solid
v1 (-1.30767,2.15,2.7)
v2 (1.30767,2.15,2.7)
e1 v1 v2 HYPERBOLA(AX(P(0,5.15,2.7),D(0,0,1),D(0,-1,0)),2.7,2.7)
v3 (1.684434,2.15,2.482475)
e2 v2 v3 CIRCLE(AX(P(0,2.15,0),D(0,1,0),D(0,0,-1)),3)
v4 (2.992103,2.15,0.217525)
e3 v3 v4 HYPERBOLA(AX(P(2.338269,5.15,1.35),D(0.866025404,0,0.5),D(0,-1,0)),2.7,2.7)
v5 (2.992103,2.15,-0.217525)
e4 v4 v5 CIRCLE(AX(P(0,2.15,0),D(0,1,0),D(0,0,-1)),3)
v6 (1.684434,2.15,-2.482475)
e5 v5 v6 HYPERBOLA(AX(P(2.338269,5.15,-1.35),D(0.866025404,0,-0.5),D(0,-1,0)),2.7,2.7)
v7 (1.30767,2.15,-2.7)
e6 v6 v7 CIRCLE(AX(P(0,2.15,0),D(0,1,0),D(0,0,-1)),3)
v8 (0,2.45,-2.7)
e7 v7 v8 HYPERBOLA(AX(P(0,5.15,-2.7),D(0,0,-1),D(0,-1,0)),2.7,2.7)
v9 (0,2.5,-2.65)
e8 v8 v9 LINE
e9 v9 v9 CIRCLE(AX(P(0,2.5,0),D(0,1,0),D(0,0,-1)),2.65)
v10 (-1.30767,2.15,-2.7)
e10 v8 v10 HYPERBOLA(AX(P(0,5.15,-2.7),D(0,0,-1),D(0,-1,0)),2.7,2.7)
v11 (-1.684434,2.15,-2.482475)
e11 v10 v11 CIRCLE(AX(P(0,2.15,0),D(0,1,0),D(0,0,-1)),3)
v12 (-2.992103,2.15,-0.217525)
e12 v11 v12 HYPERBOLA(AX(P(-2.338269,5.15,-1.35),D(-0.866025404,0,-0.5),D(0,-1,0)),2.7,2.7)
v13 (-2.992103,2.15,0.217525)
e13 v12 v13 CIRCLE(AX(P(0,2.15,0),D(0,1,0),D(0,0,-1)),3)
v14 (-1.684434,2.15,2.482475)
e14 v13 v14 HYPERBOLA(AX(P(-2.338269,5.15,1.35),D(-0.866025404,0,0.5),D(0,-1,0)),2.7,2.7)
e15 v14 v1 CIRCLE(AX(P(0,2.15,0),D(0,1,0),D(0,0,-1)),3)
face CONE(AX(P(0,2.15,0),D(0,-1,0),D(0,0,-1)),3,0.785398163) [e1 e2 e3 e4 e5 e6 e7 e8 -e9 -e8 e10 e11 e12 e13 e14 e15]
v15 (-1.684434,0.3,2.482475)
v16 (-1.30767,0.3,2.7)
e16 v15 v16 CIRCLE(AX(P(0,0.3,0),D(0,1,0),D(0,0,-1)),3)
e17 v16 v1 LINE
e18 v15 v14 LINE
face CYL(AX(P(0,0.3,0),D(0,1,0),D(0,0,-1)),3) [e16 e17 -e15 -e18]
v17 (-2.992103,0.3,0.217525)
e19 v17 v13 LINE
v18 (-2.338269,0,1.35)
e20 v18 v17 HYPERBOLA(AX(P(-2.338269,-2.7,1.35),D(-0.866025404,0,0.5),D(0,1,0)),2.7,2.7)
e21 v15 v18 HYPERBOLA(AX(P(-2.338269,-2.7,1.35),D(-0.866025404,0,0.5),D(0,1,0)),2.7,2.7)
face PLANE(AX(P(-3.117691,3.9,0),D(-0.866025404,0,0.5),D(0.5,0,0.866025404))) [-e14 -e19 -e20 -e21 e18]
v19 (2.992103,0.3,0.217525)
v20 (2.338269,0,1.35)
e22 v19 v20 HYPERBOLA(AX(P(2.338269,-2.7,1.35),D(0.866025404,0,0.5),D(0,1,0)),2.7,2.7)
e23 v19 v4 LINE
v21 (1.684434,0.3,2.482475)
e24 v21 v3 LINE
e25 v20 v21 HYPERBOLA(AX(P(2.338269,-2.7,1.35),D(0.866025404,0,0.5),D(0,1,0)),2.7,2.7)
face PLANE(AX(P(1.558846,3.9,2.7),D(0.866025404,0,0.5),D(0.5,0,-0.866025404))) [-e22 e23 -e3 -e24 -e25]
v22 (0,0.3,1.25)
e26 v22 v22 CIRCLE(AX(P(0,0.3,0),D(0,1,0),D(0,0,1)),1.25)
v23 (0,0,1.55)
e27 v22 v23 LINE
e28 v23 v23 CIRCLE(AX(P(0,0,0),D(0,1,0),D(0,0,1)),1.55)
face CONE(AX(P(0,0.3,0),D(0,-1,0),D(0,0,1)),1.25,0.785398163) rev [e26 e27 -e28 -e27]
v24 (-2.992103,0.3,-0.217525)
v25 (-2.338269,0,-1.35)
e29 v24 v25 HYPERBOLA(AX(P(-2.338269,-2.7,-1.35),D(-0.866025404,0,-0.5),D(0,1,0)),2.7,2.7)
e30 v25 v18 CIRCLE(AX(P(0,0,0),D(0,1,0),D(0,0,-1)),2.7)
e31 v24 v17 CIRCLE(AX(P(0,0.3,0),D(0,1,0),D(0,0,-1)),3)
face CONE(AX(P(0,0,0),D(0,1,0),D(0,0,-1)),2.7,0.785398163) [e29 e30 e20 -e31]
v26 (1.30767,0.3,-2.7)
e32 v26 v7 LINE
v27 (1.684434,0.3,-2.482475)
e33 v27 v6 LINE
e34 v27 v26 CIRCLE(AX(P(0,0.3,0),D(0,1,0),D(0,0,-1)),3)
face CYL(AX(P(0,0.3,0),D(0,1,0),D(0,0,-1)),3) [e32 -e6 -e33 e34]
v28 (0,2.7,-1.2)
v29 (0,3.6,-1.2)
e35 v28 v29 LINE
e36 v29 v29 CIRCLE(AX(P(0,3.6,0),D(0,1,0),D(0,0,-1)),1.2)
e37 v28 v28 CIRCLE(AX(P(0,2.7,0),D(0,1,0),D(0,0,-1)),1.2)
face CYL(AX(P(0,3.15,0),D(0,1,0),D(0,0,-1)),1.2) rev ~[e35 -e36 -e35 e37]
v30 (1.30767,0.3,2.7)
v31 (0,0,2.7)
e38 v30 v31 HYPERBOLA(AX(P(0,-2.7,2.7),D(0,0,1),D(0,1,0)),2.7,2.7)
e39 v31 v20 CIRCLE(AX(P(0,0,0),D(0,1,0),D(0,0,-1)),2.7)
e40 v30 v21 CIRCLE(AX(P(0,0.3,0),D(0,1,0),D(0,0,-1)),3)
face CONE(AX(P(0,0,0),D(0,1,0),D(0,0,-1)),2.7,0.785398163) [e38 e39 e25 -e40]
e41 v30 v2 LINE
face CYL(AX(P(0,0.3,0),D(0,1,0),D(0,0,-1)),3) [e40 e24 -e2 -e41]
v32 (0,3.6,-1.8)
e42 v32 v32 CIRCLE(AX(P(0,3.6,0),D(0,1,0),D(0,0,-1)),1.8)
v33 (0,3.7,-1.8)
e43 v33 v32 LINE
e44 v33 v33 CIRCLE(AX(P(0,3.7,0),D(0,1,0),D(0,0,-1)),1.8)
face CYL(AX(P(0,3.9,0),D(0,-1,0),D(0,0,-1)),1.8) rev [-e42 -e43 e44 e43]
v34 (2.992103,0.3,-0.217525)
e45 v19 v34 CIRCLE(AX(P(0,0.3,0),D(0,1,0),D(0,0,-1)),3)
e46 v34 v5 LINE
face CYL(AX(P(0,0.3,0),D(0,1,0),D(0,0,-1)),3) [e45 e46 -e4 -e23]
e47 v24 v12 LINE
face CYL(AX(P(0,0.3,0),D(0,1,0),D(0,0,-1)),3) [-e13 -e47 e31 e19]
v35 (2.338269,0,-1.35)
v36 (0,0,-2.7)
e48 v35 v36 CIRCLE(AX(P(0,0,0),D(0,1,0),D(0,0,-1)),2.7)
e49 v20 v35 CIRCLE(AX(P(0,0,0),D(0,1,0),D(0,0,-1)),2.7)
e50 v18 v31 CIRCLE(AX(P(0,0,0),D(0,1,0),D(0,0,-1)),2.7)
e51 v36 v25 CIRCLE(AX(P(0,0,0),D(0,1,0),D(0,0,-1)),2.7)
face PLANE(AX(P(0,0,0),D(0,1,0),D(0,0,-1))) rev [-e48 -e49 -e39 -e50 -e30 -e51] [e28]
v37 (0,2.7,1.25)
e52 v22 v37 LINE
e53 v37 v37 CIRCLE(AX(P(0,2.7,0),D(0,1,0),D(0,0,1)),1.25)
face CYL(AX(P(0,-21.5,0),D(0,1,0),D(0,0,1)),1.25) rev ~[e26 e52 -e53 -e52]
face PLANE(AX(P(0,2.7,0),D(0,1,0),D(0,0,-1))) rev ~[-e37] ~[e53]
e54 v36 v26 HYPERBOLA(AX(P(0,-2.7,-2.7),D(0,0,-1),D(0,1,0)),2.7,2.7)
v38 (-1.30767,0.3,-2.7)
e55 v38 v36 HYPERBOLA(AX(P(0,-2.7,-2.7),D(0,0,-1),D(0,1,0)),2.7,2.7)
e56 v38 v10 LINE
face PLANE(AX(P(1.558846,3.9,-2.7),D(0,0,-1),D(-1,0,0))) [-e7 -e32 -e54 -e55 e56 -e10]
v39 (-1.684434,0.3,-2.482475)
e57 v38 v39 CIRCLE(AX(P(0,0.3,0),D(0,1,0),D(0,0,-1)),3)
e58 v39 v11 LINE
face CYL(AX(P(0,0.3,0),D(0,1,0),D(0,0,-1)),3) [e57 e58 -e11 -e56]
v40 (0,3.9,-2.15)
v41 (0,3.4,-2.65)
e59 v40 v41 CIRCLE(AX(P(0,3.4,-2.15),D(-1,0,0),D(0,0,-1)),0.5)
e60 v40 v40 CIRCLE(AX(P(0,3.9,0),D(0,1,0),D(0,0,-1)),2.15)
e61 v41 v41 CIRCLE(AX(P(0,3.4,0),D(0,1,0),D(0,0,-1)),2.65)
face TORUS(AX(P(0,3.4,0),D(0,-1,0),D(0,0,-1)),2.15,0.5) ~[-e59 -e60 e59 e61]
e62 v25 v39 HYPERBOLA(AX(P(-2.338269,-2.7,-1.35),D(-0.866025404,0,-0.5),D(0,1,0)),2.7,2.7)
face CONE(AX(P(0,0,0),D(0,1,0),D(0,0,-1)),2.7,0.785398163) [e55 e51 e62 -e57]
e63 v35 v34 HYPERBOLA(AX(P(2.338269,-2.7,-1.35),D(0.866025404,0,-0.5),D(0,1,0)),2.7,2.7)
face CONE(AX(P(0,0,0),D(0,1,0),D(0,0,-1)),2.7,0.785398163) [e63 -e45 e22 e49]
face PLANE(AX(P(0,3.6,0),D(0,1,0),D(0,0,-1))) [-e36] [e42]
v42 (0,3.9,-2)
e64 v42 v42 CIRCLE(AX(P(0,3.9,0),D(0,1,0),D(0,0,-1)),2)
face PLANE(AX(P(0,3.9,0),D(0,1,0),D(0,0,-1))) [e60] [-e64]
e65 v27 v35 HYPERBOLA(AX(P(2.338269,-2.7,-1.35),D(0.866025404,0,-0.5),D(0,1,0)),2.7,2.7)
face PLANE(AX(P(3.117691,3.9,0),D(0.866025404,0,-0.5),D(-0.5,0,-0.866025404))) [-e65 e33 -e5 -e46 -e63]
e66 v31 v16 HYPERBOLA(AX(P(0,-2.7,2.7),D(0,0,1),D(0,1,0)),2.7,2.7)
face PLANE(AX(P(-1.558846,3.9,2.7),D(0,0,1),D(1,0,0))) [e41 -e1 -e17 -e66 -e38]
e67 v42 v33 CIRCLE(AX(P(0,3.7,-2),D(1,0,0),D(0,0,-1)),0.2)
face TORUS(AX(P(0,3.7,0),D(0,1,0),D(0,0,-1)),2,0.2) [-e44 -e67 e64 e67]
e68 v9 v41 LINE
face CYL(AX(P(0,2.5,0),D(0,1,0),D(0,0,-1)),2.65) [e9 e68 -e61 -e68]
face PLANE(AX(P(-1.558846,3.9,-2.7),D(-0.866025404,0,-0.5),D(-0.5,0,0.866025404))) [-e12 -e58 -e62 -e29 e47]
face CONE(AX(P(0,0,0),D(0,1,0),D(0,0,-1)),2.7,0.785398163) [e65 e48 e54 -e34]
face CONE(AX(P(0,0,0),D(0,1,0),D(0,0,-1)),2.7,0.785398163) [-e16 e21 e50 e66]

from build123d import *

# Parameters (mm, degrees)
SKETCH3_OUTSIDE_W     = 9.868
SKETCH3_OUTSIDE_H     = 9.868
CUT_EXTRUDE1_DEPTH    = 10
FILLET2_R             = 0.5
FILLET3_R             = 0.2
M3_TAPPED_HOLE4_D     = 2.5
M3_TAPPED_HOLE4_DEPTH = 21.5
M3_TAPPED_HOLE4_TIP   = 0.751075774
CHAMFER1_SIZE         = 0.3
SKETCH6_W             = 0.6
SKETCH6_H             = 0.9


with BuildPart() as part:
    # Sketch1 → Revolve1 (revolve)
    with BuildSketch(Plane.XY):
        Polygon((1, 0), (2.7, 0), (3, 0.3), (3, 2.15), (2.65, 2.5), (2.65, 3.9), (1.8, 3.9), (1.8, 2.7), (1, 2.7), align=None)
    revolve(axis=Axis((0, 0, 0), (0, 1, 0)))

    # Sketch3 outside → Cut-Extrude1 (cut)
    with BuildSketch(Plane(origin=(0, 3.9, 0), x_dir=(1, 0, 0), z_dir=(0, 1, 0))):
        Rectangle(SKETCH3_OUTSIDE_W, SKETCH3_OUTSIDE_H)
        Polygon((3.117691454, 0), (1.558845727, 2.7), (-1.558845727, 2.7), (-3.117691454, 0), (-1.558845727, -2.7), (1.558845727, -2.7), align=None, mode=Mode.SUBTRACT)
    extrude(amount=-CUT_EXTRUDE1_DEPTH, mode=Mode.SUBTRACT)

    # Fillet2
    fillet2_edges = [part.edges().sort_by_distance(p)[0] for p in [
        (-2.65, 3.9, 0),
    ]]
    fillet(fillet2_edges, radius=FILLET2_R)

    # Fillet3
    fillet3_edges = [part.edges().sort_by_distance(p)[0] for p in [
        (-1.8, 3.9, 0),
    ]]
    fillet(fillet3_edges, radius=FILLET3_R)

    # M3 Tapped Hole4
    with Locations(Plane(origin=(0, 0, 0), x_dir=(0, 0, -1), z_dir=(0, -1, 0))):
        with Locations((0, 0)):
            Hole(M3_TAPPED_HOLE4_D / 2, depth=M3_TAPPED_HOLE4_DEPTH)
            with Locations((0, 0, -(M3_TAPPED_HOLE4_DEPTH + M3_TAPPED_HOLE4_TIP / 2))):  # 118° drill point
                Cone(0, M3_TAPPED_HOLE4_D / 2, M3_TAPPED_HOLE4_TIP, mode=Mode.SUBTRACT)

    # Chamfer1
    chamfer1_edges = [part.edges().sort_by_distance(p)[0] for p in [
        (0, 0, -1.25),
    ]]
    chamfer(chamfer1_edges, length=CHAMFER1_SIZE)

    # Sketch6 → Revolve2 (revolve)
    with BuildSketch(Plane.XY):
        with Locations((-1.5, 3.15)):
            Rectangle(SKETCH6_W, SKETCH6_H)
    revolve(axis=Axis((0, 0, 0), (0, 1, 0)))


solid = part.part
